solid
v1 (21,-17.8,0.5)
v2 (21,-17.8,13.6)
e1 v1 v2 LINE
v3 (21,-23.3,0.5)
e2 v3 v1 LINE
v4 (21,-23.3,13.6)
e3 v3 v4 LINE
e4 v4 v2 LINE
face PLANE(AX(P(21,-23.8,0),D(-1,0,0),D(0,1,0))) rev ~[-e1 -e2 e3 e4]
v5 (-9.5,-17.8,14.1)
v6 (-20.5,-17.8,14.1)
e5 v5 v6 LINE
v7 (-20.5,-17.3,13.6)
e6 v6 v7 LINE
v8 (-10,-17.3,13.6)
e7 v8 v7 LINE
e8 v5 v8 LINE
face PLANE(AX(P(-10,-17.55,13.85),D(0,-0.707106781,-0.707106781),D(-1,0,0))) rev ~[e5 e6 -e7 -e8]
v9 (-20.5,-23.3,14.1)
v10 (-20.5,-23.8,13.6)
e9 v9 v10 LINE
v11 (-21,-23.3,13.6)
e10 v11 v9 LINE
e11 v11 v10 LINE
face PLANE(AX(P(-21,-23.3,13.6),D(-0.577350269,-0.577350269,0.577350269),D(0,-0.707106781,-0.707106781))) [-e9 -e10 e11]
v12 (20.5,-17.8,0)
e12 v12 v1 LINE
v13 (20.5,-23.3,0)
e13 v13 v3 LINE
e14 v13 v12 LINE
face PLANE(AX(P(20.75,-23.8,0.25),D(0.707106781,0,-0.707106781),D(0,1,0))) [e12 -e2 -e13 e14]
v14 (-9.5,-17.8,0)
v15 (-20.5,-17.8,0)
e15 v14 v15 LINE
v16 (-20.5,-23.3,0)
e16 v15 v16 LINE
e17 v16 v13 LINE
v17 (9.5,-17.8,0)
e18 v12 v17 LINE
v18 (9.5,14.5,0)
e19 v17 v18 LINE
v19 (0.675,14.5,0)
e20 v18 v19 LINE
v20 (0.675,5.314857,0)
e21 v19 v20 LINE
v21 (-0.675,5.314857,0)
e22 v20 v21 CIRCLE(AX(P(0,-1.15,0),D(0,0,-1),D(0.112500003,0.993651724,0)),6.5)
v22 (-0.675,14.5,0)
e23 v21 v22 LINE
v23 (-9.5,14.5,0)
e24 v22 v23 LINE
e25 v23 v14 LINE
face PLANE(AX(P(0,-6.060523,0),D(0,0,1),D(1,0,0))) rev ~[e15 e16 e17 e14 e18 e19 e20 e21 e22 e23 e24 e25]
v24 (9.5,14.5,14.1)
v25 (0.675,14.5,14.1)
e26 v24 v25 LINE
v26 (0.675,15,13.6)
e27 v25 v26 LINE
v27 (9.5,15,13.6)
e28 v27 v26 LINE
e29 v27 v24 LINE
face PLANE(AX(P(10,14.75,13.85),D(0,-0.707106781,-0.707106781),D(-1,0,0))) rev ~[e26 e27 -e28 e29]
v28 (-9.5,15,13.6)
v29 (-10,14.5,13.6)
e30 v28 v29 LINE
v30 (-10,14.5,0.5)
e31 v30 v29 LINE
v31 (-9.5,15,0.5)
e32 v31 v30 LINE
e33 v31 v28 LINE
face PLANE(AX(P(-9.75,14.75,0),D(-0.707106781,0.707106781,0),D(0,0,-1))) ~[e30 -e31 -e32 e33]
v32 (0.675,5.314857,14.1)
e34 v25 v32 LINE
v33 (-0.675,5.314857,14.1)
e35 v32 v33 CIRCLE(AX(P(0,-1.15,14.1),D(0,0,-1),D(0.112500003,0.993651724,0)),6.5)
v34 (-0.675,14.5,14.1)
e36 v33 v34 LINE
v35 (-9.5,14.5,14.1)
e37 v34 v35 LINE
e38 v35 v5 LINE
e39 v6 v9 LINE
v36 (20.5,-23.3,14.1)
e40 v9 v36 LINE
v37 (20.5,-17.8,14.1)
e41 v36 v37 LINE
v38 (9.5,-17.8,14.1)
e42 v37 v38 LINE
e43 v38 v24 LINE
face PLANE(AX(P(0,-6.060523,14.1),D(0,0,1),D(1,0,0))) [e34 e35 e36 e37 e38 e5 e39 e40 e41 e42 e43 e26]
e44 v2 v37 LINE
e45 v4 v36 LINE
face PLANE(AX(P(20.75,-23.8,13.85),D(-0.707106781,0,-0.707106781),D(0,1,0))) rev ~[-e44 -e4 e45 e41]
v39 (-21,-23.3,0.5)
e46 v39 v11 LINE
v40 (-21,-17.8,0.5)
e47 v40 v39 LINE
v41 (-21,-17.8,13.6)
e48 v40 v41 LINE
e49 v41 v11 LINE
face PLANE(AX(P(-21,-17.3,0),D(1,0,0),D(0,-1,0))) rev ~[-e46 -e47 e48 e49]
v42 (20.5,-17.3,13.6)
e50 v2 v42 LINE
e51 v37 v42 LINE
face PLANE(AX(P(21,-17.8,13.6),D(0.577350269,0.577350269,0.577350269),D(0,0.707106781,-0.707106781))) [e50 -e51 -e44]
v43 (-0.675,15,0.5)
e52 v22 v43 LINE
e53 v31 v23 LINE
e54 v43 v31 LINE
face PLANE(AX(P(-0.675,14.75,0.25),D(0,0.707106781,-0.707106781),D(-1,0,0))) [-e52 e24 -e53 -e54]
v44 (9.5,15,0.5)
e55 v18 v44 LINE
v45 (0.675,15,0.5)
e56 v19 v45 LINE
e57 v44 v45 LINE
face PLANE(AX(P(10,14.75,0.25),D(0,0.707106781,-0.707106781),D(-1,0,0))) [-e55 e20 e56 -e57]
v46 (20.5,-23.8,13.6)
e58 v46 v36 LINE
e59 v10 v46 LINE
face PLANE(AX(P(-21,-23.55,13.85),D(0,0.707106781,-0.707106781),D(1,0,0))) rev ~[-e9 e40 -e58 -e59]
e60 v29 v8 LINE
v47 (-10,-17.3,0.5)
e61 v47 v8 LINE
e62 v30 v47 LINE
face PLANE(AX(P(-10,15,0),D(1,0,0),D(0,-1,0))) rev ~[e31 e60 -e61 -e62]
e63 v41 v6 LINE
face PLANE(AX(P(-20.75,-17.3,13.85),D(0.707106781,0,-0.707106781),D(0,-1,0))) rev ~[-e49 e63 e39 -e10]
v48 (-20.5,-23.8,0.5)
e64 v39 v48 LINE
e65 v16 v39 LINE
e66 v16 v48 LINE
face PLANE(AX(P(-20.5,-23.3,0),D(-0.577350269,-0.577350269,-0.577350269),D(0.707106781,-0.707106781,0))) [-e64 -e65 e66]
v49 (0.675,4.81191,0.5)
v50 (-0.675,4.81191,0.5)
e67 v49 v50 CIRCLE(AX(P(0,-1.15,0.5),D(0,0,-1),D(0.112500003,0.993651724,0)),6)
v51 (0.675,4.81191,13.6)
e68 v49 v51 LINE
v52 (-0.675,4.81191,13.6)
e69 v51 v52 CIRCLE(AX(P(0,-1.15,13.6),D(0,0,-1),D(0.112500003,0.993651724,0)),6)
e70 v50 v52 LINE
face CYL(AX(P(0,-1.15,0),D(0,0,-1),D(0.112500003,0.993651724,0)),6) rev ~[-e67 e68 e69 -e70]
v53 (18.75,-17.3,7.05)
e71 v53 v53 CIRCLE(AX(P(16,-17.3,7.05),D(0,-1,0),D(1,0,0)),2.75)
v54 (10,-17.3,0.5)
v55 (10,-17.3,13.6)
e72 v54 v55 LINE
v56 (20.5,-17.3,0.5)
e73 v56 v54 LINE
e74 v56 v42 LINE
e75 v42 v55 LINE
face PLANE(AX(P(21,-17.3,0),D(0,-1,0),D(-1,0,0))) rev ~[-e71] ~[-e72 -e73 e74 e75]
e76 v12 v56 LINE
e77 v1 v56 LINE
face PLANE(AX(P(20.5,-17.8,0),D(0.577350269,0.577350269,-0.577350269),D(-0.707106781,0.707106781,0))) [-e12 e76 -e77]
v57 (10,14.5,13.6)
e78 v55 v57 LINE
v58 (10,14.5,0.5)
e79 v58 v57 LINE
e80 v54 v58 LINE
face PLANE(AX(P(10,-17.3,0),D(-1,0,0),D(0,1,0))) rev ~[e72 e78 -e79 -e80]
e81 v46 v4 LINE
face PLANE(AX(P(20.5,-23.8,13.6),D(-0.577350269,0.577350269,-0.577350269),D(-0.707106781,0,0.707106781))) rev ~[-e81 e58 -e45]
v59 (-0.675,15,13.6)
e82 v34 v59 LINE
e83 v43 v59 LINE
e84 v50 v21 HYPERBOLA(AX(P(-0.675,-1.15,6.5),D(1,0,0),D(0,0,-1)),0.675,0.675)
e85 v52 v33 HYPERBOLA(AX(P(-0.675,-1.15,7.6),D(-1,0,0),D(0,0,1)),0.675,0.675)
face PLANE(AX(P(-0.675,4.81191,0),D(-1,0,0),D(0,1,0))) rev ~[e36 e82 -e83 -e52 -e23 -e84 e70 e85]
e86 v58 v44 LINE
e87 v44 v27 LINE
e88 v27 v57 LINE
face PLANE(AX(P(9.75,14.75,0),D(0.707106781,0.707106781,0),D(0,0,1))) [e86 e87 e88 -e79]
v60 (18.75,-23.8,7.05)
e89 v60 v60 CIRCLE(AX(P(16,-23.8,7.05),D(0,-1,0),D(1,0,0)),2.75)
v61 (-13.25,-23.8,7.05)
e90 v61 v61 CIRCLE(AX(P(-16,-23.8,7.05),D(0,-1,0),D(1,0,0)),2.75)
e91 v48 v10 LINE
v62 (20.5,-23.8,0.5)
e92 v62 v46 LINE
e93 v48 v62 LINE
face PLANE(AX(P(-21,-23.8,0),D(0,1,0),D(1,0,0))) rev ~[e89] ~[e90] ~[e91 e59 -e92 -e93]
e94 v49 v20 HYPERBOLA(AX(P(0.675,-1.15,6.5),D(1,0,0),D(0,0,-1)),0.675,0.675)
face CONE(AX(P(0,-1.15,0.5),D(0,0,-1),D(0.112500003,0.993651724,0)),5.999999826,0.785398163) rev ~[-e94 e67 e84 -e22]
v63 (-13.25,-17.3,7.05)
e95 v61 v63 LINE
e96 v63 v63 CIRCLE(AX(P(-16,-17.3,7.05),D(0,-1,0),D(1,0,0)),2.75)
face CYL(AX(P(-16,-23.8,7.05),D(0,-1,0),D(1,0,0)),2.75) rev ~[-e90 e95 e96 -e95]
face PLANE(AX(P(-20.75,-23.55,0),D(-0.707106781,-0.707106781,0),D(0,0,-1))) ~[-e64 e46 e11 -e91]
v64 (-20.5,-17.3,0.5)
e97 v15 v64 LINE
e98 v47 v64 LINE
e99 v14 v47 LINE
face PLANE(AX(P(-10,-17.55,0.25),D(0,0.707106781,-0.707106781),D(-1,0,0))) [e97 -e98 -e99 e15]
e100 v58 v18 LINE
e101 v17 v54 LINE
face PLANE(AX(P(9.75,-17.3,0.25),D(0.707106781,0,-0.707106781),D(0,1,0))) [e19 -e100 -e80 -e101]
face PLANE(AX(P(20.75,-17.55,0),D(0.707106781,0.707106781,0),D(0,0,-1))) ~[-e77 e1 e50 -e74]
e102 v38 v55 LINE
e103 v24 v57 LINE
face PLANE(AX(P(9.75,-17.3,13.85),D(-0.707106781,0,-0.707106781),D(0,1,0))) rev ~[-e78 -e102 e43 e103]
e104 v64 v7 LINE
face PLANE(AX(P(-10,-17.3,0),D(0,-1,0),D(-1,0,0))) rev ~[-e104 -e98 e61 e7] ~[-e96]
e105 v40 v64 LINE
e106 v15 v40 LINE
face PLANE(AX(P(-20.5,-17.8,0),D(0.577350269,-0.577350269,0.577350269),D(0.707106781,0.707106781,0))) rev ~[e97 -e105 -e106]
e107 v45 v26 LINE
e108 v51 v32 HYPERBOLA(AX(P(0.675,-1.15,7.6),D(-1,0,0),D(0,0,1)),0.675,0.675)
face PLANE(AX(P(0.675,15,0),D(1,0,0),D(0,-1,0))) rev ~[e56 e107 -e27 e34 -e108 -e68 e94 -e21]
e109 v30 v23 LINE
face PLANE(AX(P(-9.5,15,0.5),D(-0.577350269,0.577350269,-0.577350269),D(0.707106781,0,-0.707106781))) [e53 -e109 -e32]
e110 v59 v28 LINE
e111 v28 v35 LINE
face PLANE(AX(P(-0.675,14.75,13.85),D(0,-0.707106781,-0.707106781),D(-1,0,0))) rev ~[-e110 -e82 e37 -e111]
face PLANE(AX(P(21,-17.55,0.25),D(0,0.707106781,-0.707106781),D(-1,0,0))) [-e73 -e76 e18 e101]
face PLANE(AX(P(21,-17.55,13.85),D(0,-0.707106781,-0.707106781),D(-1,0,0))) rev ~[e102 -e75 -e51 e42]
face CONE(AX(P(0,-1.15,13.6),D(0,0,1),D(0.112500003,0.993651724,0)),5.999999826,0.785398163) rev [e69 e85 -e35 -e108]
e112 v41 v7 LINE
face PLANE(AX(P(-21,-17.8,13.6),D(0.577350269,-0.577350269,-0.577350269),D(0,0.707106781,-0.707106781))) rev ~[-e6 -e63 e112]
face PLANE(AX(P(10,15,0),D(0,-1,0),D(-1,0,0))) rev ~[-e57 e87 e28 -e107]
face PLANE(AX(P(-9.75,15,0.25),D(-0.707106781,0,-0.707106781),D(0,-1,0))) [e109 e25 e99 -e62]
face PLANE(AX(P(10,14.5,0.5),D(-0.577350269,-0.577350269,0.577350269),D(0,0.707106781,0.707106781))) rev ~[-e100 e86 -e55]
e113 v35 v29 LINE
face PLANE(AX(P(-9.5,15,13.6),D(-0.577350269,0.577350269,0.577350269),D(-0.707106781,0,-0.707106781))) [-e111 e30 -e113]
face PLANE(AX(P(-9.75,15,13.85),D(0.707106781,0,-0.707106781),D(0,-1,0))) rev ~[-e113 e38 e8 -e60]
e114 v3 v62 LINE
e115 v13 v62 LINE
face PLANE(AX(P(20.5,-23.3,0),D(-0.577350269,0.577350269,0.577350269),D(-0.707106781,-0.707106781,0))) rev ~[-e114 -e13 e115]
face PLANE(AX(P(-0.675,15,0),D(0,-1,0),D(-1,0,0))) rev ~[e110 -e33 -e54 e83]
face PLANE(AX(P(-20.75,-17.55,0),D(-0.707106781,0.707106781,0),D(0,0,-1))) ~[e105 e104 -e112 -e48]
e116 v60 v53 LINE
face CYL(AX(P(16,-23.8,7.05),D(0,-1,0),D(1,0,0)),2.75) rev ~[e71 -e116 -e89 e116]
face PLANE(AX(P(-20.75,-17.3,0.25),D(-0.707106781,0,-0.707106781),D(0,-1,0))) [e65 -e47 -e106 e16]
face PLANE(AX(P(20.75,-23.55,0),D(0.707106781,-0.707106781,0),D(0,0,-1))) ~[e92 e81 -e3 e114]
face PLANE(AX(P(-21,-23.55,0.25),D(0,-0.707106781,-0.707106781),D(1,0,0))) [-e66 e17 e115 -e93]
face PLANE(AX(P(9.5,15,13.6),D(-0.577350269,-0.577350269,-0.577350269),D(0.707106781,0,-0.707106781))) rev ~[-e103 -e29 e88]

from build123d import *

# Parameters (mm, degrees)
F1_DEPTH = 14.1
F2_R     = 2.75
F3_DEPTH = 38.801
F4_SIZE  = 0.5


with BuildPart() as f1:
    # F0 (on Top) → F1 (new body)
    with BuildSketch(Plane.XY):
        with BuildLine():
            ThreePointArc((0.675, 4.81191), (0, -7.15), (-0.675, 4.81191))
            Line((-0.675, 4.81191), (-0.675, 15))
            Line((-0.675, 15), (-10, 15))
            Line((-10, 15), (-10, -17.3))
            Line((-10, -17.3), (-21, -17.3))
            Line((-21, -17.3), (-21, -23.8))
            Line((-21, -23.8), (21, -23.8))
            Line((21, -23.8), (21, -17.3))
            Line((21, -17.3), (10, -17.3))
            Line((10, -17.3), (10, 15))
            Line((10, 15), (0.675, 15))
            Line((0.675, 15), (0.675, 4.81191))
        make_face()
    extrude(amount=F1_DEPTH)

    # F2 (on face) → F3 (cut, through all)
    with BuildSketch(Plane.XZ.offset(23.8)):
        with Locations((16, 7.05)):
            Circle(F2_R)
        with Locations((-16, 7.05)):
            Circle(F2_R)
    extrude(amount=-F3_DEPTH, mode=Mode.SUBTRACT)

    # F4
    f4_edges = [f1.edges().sort_by_distance(p)[0] for p in [
        (10, -1.15, 14.1),
        (15.5, -17.3, 14.1),
        (21, -20.55, 14.1),
        (21, -17.3, 7.05),
        (21, -23.8, 7.05),
        (21, -20.55, 0),
        (0, -23.8, 14.1),
        (-15.5, -17.3, 14.1),
        (-21, -20.55, 14.1),
        (-10, -1.15, 14.1),
        (-5.3375, 15, 14.1),
        (5.3375, 15, 14.1),
        (0, -7.15, 14.1),
        (-21, -17.3, 7.05),
        (-21, -23.8, 7.05),
        (-21, -20.55, 0),
        (-15.5, -17.3, 0),
        (-10, -1.15, 0),
        (0, -23.8, 0),
        (0, -7.15, 0),
        (-10, 15, 7.05),
        (-5.3375, 15, 0),
        (5.3375, 15, 0),
        (10, -1.15, 0),
        (15.5, -17.3, 0),
        (10, 15, 7.05),
    ]]
    chamfer(f4_edges, length=F4_SIZE)


solid = f1.part
